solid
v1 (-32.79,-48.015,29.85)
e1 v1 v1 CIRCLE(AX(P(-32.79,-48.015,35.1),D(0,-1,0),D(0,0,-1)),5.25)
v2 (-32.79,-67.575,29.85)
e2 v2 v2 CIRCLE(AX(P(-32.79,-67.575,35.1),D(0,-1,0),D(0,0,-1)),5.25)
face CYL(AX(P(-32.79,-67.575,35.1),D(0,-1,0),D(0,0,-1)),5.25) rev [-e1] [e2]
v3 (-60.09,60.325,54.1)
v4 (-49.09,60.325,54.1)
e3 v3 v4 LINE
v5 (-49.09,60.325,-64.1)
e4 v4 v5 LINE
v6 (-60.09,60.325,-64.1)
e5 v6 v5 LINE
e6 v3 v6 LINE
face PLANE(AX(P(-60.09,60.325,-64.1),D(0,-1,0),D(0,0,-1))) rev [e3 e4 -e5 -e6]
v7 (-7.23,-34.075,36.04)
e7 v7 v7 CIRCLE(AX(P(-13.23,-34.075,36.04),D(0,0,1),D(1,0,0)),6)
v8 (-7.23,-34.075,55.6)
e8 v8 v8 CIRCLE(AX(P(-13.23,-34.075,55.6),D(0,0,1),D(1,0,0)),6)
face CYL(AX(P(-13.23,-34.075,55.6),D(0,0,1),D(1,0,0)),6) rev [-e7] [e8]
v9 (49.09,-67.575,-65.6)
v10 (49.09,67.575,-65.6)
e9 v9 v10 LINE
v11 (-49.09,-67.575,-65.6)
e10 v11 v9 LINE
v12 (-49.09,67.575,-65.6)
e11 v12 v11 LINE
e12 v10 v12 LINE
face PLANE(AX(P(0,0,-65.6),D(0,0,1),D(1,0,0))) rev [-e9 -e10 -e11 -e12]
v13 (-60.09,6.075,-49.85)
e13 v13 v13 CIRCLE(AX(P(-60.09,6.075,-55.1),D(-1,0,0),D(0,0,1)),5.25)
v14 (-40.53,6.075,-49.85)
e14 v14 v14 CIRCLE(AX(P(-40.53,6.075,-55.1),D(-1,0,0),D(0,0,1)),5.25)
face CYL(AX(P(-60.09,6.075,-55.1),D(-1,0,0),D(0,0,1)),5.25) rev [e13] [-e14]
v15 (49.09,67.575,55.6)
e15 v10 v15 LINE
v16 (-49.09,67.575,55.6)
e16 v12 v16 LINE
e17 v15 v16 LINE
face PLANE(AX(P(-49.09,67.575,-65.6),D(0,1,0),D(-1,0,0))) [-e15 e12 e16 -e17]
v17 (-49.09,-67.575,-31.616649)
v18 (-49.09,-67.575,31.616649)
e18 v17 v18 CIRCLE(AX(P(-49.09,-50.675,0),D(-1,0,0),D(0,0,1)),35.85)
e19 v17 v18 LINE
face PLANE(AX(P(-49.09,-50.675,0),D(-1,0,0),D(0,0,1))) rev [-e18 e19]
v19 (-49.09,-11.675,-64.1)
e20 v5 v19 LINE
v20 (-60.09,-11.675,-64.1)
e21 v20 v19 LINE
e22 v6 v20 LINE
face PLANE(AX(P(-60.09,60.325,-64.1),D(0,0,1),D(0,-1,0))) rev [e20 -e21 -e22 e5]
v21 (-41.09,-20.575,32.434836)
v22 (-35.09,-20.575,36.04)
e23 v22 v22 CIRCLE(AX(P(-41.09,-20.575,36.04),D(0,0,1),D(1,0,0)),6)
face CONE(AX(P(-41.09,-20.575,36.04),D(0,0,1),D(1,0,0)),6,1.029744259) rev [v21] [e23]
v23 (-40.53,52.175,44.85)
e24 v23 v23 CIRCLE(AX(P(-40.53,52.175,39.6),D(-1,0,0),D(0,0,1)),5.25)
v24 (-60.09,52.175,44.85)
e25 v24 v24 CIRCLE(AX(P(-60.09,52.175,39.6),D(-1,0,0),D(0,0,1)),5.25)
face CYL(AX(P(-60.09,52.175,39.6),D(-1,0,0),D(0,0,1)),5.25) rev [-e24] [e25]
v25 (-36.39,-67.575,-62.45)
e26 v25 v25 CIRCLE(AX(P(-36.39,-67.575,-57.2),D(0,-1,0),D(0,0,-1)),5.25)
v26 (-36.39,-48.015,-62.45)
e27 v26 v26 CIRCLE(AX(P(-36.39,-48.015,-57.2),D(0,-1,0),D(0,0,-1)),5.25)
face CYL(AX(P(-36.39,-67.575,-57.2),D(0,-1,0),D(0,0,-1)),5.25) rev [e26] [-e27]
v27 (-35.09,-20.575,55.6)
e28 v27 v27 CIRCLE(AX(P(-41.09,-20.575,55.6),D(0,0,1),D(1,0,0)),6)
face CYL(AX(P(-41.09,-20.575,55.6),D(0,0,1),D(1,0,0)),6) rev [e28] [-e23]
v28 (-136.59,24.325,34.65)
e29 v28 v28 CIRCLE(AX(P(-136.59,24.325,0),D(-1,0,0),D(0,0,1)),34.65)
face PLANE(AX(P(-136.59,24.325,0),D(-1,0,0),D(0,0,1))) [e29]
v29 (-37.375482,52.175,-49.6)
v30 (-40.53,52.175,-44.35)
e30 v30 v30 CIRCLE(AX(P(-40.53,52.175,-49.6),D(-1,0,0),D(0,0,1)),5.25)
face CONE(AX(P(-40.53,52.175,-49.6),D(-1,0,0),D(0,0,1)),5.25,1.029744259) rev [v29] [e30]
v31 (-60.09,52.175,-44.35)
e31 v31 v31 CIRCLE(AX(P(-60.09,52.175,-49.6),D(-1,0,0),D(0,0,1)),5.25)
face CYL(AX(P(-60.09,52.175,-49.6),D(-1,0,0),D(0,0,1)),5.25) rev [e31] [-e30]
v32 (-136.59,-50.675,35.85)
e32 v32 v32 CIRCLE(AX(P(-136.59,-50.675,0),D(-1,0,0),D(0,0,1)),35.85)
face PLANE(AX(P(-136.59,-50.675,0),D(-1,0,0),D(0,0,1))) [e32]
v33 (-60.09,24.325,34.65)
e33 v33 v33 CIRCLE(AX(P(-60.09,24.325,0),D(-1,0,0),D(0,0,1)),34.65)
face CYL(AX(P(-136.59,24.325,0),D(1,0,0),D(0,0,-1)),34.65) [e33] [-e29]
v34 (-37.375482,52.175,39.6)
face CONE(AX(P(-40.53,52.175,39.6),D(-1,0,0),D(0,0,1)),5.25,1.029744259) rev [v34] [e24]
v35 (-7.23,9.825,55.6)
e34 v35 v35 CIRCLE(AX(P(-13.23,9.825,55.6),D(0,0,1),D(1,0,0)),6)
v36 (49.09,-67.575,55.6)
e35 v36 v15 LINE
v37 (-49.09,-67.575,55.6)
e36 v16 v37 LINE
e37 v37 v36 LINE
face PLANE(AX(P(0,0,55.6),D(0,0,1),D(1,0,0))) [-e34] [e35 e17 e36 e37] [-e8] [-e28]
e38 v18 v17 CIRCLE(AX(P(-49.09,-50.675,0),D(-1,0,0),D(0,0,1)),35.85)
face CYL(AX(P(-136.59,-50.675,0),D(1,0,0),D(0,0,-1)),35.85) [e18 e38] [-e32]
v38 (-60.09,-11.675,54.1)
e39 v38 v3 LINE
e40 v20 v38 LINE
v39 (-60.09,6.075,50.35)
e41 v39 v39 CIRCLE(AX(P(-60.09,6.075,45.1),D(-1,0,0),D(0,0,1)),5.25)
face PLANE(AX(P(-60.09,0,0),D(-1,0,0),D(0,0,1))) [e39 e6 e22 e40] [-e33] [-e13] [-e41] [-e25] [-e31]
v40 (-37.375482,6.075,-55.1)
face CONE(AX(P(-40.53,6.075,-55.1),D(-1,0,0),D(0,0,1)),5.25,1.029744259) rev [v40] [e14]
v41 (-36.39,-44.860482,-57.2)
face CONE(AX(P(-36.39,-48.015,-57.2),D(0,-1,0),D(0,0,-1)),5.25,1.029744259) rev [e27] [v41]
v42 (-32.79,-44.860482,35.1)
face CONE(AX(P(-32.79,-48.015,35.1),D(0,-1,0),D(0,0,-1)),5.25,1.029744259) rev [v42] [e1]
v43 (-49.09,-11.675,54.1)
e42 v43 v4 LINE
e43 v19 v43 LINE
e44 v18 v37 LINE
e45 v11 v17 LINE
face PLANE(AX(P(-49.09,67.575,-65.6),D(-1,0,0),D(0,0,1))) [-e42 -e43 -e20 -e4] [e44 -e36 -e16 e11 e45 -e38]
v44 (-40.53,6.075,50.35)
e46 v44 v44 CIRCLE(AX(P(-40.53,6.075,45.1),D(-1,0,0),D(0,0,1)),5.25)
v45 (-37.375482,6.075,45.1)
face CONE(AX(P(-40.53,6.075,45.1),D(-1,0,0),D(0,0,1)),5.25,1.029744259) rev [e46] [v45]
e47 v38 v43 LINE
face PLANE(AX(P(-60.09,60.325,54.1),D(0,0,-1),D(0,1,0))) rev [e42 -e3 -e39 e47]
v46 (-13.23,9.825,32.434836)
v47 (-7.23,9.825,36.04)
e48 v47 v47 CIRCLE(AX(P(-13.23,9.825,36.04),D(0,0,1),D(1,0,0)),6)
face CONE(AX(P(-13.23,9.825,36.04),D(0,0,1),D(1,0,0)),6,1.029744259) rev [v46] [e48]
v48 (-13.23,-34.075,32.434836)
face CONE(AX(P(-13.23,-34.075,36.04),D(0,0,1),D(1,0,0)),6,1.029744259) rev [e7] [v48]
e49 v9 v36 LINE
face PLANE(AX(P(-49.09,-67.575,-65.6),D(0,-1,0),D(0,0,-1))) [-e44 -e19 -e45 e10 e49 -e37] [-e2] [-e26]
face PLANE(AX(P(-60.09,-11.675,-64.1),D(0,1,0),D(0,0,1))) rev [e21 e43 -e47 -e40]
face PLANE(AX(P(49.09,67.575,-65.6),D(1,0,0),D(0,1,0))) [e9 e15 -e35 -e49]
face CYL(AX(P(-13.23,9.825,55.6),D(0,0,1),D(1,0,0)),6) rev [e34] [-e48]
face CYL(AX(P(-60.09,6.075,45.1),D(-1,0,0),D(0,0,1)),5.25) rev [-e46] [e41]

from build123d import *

# Parameters (mm, degrees)
SKETCH2_W                        = 98.18
SKETCH2_H                        = 135.15
BOSS_EXTRUDE1_DEPTH              = 55.6
BOSS_EXTRUDE1_DEPTH_BACK         = 65.6
SKETCH3_R                        = 34.65
SKETCH3_R_2                      = 35.85
BOSS_EXTRUDE2_DEPTH              = 87.5
TAP_DRILL_FOR_M14X2_0_TAP1_D     = 12
TAP_DRILL_FOR_M14X2_0_TAP1_DEPTH = 19.56
TAP_DRILL_FOR_M14X2_0_TAP1_TIP   = 3.605163714
TAP_DRILL_FOR_M12X1_5_TAP2_D     = 10.5
TAP_DRILL_FOR_M12X1_5_TAP2_DEPTH = 19.56
TAP_DRILL_FOR_M12X1_5_TAP2_TIP   = 3.15451825
SKETCH8_W                        = 118.2
SKETCH8_H                        = 72
BOSS_EXTRUDE3_DEPTH              = 11
TAP_DRILL_FOR_M12X1_5_TAP3_D     = 10.5
TAP_DRILL_FOR_M12X1_5_TAP3_DEPTH = 19.56
TAP_DRILL_FOR_M12X1_5_TAP3_TIP   = 3.15451825


with BuildPart() as part:
    # Sketch2 → Boss-Extrude1 (new body, two sides)
    with BuildSketch(Plane.XY) as boss_extrude1_sk:
        Rectangle(SKETCH2_W, SKETCH2_H)
    extrude(amount=BOSS_EXTRUDE1_DEPTH)
    extrude(boss_extrude1_sk.sketch, amount=-BOSS_EXTRUDE1_DEPTH_BACK)

    # Sketch3 → Boss-Extrude2 (add)
    with BuildSketch(Plane.ZY.offset(49.09)):
        with Locations((0, 24.325)):
            Circle(SKETCH3_R)
        with Locations((0, -50.675)):
            Circle(SKETCH3_R_2)
    extrude(amount=BOSS_EXTRUDE2_DEPTH)

    # Tap Drill for M14x2.0 Tap1
    with Locations(Plane.XY.offset(55.6)):
        with Locations((-13.23, 9.825), (-13.23, -34.075), (-41.09, -20.575)):
            Hole(TAP_DRILL_FOR_M14X2_0_TAP1_D / 2, depth=TAP_DRILL_FOR_M14X2_0_TAP1_DEPTH)
            with Locations((0, 0, -(TAP_DRILL_FOR_M14X2_0_TAP1_DEPTH + TAP_DRILL_FOR_M14X2_0_TAP1_TIP / 2))):  # 118° drill point
                Cone(0, TAP_DRILL_FOR_M14X2_0_TAP1_D / 2, TAP_DRILL_FOR_M14X2_0_TAP1_TIP, mode=Mode.SUBTRACT)

    # Tap Drill for M12x1.5 Tap2
    with Locations(Plane(origin=(0, -67.575, 0), x_dir=(-1, 0, 0), z_dir=(0, -1, 0))):
        with Locations((32.79, -35.1), (36.39, 57.2)):
            Hole(TAP_DRILL_FOR_M12X1_5_TAP2_D / 2, depth=TAP_DRILL_FOR_M12X1_5_TAP2_DEPTH)
            with Locations((0, 0, -(TAP_DRILL_FOR_M12X1_5_TAP2_DEPTH + TAP_DRILL_FOR_M12X1_5_TAP2_TIP / 2))):  # 118° drill point
                Cone(0, TAP_DRILL_FOR_M12X1_5_TAP2_D / 2, TAP_DRILL_FOR_M12X1_5_TAP2_TIP, mode=Mode.SUBTRACT)

    # Sketch8 → Boss-Extrude3 (add)
    with BuildSketch(Plane.ZY.offset(49.09)):
        with Locations((-5, 24.325)):
            Rectangle(SKETCH8_W, SKETCH8_H)
    extrude(amount=BOSS_EXTRUDE3_DEPTH)

    # Tap Drill for M12x1.5 Tap3
    with Locations(Plane.ZY.offset(60.09)):
        with Locations((-49.6, 52.175), (-55.1, 6.075), (45.1, 6.075), (39.6, 52.175)):
            Hole(TAP_DRILL_FOR_M12X1_5_TAP3_D / 2, depth=TAP_DRILL_FOR_M12X1_5_TAP3_DEPTH)
            with Locations((0, 0, -(TAP_DRILL_FOR_M12X1_5_TAP3_DEPTH + TAP_DRILL_FOR_M12X1_5_TAP3_TIP / 2))):  # 118° drill point
                Cone(0, TAP_DRILL_FOR_M12X1_5_TAP3_D / 2, TAP_DRILL_FOR_M12X1_5_TAP3_TIP, mode=Mode.SUBTRACT)


solid = part.part
